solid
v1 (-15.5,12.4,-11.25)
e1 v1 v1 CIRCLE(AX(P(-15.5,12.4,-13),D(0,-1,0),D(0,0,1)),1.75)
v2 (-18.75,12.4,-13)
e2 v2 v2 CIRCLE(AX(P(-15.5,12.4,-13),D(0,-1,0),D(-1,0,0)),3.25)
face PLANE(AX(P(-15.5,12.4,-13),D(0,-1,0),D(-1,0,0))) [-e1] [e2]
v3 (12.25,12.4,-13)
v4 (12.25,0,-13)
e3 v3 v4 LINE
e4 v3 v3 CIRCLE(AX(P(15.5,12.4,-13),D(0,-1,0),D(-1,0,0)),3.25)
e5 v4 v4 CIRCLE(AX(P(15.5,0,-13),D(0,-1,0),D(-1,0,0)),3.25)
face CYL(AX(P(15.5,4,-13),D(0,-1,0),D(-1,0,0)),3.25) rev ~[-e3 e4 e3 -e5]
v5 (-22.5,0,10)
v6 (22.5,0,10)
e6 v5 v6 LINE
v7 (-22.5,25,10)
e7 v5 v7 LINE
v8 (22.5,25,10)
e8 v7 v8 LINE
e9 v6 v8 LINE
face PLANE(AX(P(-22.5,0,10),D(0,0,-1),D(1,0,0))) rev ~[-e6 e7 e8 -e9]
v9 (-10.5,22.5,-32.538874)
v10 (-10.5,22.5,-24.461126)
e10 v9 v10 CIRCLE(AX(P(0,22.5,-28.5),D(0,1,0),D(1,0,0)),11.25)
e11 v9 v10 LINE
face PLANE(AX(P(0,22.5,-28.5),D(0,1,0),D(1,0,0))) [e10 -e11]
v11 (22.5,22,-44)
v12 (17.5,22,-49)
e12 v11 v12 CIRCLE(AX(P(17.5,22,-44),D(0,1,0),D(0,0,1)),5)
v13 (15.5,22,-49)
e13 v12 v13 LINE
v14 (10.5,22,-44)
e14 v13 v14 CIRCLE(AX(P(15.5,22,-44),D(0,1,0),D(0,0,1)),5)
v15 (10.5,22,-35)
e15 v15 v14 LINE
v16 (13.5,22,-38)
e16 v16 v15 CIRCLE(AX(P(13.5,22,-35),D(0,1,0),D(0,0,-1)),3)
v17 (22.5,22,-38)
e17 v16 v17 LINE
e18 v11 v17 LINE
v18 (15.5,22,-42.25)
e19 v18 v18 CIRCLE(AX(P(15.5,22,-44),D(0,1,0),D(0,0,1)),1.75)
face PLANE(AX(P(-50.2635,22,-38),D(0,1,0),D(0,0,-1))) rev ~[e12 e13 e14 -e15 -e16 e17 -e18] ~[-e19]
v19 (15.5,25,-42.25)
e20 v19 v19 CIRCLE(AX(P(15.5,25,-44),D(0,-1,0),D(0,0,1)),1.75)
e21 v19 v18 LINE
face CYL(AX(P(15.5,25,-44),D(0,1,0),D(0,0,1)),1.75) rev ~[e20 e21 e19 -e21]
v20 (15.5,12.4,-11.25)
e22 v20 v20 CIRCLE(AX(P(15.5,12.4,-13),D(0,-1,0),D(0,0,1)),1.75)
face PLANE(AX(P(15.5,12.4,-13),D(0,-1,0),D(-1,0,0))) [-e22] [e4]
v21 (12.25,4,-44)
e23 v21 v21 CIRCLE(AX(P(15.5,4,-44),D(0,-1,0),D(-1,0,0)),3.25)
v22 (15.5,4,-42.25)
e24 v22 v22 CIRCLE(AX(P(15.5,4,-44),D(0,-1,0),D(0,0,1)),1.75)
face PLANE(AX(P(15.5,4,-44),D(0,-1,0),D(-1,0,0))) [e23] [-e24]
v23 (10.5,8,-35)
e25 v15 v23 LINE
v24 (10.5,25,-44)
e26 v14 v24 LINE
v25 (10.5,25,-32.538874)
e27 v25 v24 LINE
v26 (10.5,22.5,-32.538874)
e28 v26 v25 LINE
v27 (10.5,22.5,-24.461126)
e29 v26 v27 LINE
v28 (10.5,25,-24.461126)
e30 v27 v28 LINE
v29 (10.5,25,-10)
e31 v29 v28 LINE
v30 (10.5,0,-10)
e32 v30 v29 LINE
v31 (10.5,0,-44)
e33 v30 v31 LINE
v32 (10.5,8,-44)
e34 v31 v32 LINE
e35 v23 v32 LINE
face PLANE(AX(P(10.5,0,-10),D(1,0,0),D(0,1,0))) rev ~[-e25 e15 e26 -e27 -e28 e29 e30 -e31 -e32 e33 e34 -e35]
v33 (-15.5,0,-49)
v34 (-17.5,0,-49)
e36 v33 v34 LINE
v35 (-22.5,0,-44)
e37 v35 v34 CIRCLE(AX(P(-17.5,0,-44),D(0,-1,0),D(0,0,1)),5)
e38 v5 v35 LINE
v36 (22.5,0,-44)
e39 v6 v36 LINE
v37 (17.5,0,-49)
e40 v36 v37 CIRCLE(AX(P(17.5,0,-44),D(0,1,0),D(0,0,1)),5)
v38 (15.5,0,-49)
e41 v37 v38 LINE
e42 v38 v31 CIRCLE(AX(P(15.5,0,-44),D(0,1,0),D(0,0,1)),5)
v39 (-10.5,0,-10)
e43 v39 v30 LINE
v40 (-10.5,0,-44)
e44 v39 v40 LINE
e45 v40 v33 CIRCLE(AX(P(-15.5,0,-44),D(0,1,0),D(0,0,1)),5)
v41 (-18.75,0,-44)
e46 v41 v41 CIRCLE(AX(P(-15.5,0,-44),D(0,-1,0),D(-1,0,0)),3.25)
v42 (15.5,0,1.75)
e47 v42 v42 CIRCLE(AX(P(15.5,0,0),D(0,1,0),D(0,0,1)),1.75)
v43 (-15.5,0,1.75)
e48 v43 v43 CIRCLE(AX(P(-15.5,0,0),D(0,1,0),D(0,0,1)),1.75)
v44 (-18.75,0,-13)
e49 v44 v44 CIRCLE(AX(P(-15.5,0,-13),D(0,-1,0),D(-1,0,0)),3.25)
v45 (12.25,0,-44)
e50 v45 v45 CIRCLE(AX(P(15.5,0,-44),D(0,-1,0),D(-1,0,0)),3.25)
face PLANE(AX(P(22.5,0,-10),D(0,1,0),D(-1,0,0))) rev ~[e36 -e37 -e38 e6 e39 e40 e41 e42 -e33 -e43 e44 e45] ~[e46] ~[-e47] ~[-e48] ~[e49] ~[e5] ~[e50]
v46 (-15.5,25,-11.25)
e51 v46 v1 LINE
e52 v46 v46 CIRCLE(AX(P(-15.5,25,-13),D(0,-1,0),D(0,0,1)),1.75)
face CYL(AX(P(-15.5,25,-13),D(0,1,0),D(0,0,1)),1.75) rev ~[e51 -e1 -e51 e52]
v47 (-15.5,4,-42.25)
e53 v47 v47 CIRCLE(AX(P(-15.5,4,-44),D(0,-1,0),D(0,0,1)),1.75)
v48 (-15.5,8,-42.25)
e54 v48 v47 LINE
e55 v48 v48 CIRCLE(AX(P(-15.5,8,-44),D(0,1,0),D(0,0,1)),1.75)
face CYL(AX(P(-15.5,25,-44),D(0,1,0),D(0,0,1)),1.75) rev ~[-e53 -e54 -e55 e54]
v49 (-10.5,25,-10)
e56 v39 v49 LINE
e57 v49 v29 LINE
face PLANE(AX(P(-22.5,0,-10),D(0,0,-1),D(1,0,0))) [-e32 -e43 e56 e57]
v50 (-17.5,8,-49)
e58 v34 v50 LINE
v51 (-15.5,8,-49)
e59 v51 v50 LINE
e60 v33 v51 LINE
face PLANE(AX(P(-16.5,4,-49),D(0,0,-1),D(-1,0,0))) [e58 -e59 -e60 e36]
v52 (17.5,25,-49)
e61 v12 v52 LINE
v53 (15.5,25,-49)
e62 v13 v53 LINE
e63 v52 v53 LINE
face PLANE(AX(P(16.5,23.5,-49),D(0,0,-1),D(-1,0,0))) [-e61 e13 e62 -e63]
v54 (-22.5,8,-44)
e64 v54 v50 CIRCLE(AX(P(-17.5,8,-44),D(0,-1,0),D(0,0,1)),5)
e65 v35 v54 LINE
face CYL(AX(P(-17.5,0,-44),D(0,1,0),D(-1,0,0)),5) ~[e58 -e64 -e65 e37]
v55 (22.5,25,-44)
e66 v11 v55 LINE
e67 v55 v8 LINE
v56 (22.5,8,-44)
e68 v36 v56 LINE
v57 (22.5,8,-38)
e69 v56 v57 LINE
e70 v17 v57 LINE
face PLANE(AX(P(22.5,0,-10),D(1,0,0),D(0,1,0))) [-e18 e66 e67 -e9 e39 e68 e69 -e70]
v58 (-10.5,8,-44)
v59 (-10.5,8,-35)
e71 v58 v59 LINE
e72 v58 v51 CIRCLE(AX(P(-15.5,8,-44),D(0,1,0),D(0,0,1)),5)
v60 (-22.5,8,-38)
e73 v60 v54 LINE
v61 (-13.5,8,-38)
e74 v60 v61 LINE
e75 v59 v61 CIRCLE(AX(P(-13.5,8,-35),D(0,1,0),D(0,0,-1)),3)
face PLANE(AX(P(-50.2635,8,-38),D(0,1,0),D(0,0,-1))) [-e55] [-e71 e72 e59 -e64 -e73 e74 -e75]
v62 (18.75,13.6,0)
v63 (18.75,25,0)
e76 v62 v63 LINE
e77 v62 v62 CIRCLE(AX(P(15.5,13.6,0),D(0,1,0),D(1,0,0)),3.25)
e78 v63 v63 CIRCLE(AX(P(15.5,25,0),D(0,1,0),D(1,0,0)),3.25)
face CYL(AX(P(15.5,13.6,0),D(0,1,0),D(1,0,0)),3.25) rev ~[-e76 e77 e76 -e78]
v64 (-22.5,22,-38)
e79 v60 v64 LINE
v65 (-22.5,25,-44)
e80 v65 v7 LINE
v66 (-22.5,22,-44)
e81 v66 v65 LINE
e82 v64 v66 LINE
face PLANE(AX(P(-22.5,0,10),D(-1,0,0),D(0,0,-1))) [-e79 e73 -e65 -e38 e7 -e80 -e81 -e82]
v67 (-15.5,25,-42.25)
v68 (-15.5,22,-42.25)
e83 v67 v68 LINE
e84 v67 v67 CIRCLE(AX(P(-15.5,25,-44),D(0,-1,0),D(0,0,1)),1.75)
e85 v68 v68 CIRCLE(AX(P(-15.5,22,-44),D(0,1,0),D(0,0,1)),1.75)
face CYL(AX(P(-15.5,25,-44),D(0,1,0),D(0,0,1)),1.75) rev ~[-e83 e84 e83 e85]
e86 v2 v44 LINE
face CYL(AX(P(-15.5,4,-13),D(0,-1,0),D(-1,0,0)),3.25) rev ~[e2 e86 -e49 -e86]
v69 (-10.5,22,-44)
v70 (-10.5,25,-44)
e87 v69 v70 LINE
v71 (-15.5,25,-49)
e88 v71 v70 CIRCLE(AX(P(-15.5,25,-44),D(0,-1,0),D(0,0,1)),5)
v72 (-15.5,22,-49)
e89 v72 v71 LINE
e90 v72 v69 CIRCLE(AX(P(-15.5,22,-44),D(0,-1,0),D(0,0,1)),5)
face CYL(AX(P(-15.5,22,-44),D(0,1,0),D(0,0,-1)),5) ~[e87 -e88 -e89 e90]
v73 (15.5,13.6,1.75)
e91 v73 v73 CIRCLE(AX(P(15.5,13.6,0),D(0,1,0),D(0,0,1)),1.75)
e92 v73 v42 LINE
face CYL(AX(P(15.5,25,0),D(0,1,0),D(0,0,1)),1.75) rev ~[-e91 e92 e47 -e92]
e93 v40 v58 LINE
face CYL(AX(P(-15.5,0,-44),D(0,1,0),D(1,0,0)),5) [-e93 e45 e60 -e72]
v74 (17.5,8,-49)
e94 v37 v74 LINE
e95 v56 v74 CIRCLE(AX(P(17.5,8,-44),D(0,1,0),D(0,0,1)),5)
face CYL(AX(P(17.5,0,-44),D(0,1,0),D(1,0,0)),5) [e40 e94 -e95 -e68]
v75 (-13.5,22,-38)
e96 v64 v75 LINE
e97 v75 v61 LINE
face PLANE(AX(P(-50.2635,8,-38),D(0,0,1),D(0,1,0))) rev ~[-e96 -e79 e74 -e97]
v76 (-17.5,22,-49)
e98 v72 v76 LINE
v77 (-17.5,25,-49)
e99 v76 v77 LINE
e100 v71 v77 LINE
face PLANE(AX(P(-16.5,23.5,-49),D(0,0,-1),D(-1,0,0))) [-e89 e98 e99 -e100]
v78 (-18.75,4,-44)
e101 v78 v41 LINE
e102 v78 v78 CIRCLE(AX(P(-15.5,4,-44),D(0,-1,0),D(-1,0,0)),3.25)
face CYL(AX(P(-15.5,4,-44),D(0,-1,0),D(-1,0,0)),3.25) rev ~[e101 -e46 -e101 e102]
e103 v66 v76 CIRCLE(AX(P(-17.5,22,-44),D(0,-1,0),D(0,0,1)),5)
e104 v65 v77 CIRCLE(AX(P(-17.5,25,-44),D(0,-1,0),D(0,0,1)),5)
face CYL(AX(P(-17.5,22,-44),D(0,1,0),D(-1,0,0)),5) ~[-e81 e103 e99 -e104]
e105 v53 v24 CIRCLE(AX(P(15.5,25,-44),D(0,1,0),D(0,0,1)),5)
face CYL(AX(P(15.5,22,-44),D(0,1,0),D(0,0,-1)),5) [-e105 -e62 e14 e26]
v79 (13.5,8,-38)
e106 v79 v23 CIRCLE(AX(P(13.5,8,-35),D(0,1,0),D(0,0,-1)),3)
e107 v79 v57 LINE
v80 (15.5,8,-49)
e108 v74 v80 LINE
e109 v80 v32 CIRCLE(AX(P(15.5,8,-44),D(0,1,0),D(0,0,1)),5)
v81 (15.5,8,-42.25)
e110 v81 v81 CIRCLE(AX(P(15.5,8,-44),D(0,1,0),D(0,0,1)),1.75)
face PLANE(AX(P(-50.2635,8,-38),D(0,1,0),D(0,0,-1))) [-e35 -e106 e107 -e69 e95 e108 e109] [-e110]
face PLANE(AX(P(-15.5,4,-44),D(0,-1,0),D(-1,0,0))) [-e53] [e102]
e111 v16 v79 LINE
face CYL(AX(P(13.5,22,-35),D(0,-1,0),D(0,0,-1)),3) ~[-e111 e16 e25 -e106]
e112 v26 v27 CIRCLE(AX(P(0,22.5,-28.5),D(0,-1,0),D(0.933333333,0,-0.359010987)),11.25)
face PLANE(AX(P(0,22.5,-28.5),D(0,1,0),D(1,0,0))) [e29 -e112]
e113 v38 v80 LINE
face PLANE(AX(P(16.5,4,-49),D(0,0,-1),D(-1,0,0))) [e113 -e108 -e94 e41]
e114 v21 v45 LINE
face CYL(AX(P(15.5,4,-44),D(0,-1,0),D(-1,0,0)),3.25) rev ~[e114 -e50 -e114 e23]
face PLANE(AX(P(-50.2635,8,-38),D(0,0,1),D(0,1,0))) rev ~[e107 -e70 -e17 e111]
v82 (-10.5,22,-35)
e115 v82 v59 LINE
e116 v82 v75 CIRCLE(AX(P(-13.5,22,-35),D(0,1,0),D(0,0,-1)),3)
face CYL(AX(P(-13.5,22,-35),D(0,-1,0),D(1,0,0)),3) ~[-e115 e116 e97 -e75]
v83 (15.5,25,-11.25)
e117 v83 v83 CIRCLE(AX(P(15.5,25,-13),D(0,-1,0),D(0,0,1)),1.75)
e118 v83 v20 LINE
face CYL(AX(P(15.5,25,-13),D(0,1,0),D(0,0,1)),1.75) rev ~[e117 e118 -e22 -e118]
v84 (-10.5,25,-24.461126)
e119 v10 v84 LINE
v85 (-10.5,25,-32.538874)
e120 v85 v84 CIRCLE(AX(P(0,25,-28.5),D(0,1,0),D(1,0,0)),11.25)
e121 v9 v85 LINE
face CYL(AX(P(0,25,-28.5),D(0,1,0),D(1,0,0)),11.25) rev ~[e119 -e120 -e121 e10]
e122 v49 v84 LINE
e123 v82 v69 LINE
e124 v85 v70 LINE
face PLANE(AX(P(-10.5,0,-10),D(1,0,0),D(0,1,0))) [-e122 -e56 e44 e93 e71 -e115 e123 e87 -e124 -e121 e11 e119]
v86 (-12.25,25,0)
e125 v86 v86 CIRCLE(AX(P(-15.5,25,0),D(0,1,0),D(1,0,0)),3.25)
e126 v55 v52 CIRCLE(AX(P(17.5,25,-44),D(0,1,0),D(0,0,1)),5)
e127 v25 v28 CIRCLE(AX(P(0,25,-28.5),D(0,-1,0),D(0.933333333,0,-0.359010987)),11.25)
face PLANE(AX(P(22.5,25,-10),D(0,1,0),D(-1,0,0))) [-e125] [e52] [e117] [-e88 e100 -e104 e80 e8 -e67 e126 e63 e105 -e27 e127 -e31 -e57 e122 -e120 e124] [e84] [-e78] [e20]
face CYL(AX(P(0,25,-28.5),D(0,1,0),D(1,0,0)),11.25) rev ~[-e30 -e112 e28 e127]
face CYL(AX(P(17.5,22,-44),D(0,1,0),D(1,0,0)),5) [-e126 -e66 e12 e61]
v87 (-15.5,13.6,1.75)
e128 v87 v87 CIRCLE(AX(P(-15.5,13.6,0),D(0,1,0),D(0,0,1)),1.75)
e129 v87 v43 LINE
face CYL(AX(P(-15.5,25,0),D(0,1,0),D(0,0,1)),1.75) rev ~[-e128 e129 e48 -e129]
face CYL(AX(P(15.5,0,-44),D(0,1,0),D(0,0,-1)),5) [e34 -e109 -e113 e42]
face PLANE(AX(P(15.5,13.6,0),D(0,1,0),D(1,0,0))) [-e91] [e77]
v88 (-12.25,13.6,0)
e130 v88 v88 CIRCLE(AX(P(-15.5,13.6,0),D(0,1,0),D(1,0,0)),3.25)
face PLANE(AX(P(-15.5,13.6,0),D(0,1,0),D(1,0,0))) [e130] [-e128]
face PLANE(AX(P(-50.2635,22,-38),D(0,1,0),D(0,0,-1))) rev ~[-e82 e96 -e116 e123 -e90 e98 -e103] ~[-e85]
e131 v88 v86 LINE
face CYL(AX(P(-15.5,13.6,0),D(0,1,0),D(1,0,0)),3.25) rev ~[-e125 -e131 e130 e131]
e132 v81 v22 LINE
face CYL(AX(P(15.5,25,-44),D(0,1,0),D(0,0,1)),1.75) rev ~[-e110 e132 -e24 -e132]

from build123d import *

# Parameters (mm, degrees)
SKETCH1_W                                           = 45
SKETCH1_H                                           = 20
BOSS_EXTRUDE1_DEPTH                                 = 25
SKETCH2_W                                           = 12
SKETCH2_H                                           = 25
BOSS_EXTRUDE2_DEPTH                                 = 40
SKETCH3_R                                           = 1.75
CUT_EXTRUDE1_DEPTH                                  = 61.259853966
SKETCH4_R                                           = 1.75
CUT_EXTRUDE2_DEPTH                                  = 25
CBORE_FOR_M3_HEX_SOCKET_HEAD_CAP_SCREW1_D           = 3.5
CBORE_FOR_M3_HEX_SOCKET_HEAD_CAP_SCREW1_CBORE_D     = 6.5
CBORE_FOR_M3_HEX_SOCKET_HEAD_CAP_SCREW1_CBORE_DEPTH = 11.4
CBORE_FOR_M3_HEX_SOCKET_HEAD_CAP_SCREW2_D           = 3.5
CBORE_FOR_M3_HEX_SOCKET_HEAD_CAP_SCREW2_CBORE_D     = 6.5
CBORE_FOR_M3_HEX_SOCKET_HEAD_CAP_SCREW2_CBORE_DEPTH = 4
CBORE_FOR_M3_PAN_HEAD_SCREW1_D                      = 3.5
CBORE_FOR_M3_PAN_HEAD_SCREW1_CBORE_D                = 6.5
CBORE_FOR_M3_PAN_HEAD_SCREW1_CBORE_DEPTH            = 12.4
CUT_EXTRUDE3_DEPTH                                  = 72.763500472
CUT_EXTRUDE3_DEPTH_BACK                             = 72.763500472
SKETCH9_W                                           = 12
SKETCH9_H                                           = 14
SKETCH10_W                                          = 12
SKETCH10_H                                          = 8
SKETCH10_H_2                                        = 3
CUT_EXTRUDE5_DEPTH                                  = 1
FILLET2_R                                           = 5
FILLET5_R                                           = 3
SKETCH13_R                                          = 11.25
CUT_EXTRUDE6_DEPTH                                  = 2.5


with BuildPart() as part:
    # Sketch1 → Boss-Extrude1 (new body)
    with BuildSketch(Plane(origin=(0, 0, 0), x_dir=(1, 0, 0), z_dir=(0, 1, 0))):
        Rectangle(SKETCH1_W, SKETCH1_H)
    extrude(amount=BOSS_EXTRUDE1_DEPTH)

    # Sketch2 → Boss-Extrude2 (add)
    with BuildSketch(Plane(origin=(0, 0, -10), x_dir=(-1, 0, 0), z_dir=(0, 0, -1))):
        with Locations((-16.5, 12.5)):
            Rectangle(SKETCH2_W, SKETCH2_H)
        with Locations((16.5, 12.5)):
            Rectangle(SKETCH2_W, SKETCH2_H)
    extrude(amount=BOSS_EXTRUDE2_DEPTH)

    # Sketch3 → Cut-Extrude1 (cut, through all)
    with BuildSketch(Plane(origin=(0, 25, 0), x_dir=(1, 0, 0), z_dir=(0, 1, 0))):
        with Locations(Location((15.5, 44, 0), (0, 0, 270))):
            Circle(SKETCH3_R)
        with Locations(Location((15.5, 13, 0), (0, 0, 270))):
            Circle(SKETCH3_R)
        with Locations(Location((-15.5, 13, 0), (0, 0, 270))):
            Circle(SKETCH3_R)
        with Locations(Location((-15.5, 44, 0), (0, 0, 270))):
            Circle(SKETCH3_R)
    extrude(amount=-CUT_EXTRUDE1_DEPTH, mode=Mode.SUBTRACT)

    # Sketch4 → Cut-Extrude2 (cut)
    with BuildSketch(Plane(origin=(0, 25, 0), x_dir=(1, 0, 0), z_dir=(0, 1, 0))):
        with Locations(Location((-15.5, 0, 0), (0, 0, 270))):
            Circle(SKETCH4_R)
        with Locations(Location((15.5, 0, 0), (0, 0, 270))):
            Circle(SKETCH4_R)
    extrude(amount=-CUT_EXTRUDE2_DEPTH, mode=Mode.SUBTRACT)

    # CBORE for M3 Hex Socket Head Cap Screw1 (through all)
    with Locations(Plane(origin=(0, 25, 0), x_dir=(1, 0, 0), z_dir=(0, 1, 0))):
        with Locations((15.5, 0), (-15.5, 0)):
            CounterBoreHole(CBORE_FOR_M3_HEX_SOCKET_HEAD_CAP_SCREW1_D / 2, CBORE_FOR_M3_HEX_SOCKET_HEAD_CAP_SCREW1_CBORE_D / 2, CBORE_FOR_M3_HEX_SOCKET_HEAD_CAP_SCREW1_CBORE_DEPTH)

    # CBORE for M3 Hex Socket Head Cap Screw2 (through all)
    with Locations(Plane(origin=(0, 0, 0), x_dir=(-1, 0, 0), z_dir=(0, -1, 0))):
        with Locations((15.5, 44), (15.5, 13), (-15.5, 13), (-15.5, 44)):
            CounterBoreHole(CBORE_FOR_M3_HEX_SOCKET_HEAD_CAP_SCREW2_D / 2, CBORE_FOR_M3_HEX_SOCKET_HEAD_CAP_SCREW2_CBORE_D / 2, CBORE_FOR_M3_HEX_SOCKET_HEAD_CAP_SCREW2_CBORE_DEPTH)

    # CBORE for M3 Pan Head Screw1 (through all)
    with Locations(Plane(origin=(0, 0, 0), x_dir=(-1, 0, 0), z_dir=(0, -1, 0))):
        with Locations((-15.5, 13), (15.5, 13)):
            CounterBoreHole(CBORE_FOR_M3_PAN_HEAD_SCREW1_D / 2, CBORE_FOR_M3_PAN_HEAD_SCREW1_CBORE_D / 2, CBORE_FOR_M3_PAN_HEAD_SCREW1_CBORE_DEPTH)

    # Sketch9 → Cut-Extrude3 (cut, two sides: drawn at the far end of the back side and taken through both)
    with BuildSketch(Plane(origin=(22.5, 0, 0), x_dir=(0, 0, -1), z_dir=(1, 0, 0)).offset(-CUT_EXTRUDE3_DEPTH_BACK)):
        with Locations((44, 15)):
            Rectangle(SKETCH9_W, SKETCH9_H)
    extrude(amount=CUT_EXTRUDE3_DEPTH + CUT_EXTRUDE3_DEPTH_BACK, mode=Mode.SUBTRACT)

    # Sketch10 → Cut-Extrude5 (cut)
    with BuildSketch(Plane(origin=(0, 0, -50), x_dir=(-1, 0, 0), z_dir=(0, 0, -1))):
        with Locations((-16.5, 4)):
            Rectangle(SKETCH10_W, SKETCH10_H)
        with Locations((16.5, 4)):
            Rectangle(SKETCH10_W, SKETCH10_H)
        with Locations((-16.5, 23.5)):
            Rectangle(SKETCH10_W, SKETCH10_H_2)
        with Locations((16.5, 23.5)):
            Rectangle(SKETCH10_W, SKETCH10_H_2)
    extrude(amount=-CUT_EXTRUDE5_DEPTH, mode=Mode.SUBTRACT)

    # Fillet2
    fillet2_edges = [part.edges().sort_by_distance(p)[0] for p in [
        (-10.5, 4, -49),
        (-22.5, 4, -49),
        (22.5, 23.5, -49),
        (10.5, 23.5, -49),
        (-10.5, 23.5, -49),
        (-22.5, 23.5, -49),
        (22.5, 4, -49),
        (10.5, 4, -49),
    ]]
    fillet(fillet2_edges, radius=FILLET2_R)

    # Fillet5
    fillet5_edges = [part.edges().sort_by_distance(p)[0] for p in [
        (-10.5, 15, -38),
        (10.5, 15, -38),
    ]]
    fillet(fillet5_edges, radius=FILLET5_R)

    # Sketch13 → Cut-Extrude6 (cut)
    with BuildSketch(Plane(origin=(0, 25, 0), x_dir=(1, 0, 0), z_dir=(0, 1, 0))):
        with Locations((0, 28.5)):
            Circle(SKETCH13_R)
    extrude(amount=-CUT_EXTRUDE6_DEPTH, mode=Mode.SUBTRACT)


solid = part.part
